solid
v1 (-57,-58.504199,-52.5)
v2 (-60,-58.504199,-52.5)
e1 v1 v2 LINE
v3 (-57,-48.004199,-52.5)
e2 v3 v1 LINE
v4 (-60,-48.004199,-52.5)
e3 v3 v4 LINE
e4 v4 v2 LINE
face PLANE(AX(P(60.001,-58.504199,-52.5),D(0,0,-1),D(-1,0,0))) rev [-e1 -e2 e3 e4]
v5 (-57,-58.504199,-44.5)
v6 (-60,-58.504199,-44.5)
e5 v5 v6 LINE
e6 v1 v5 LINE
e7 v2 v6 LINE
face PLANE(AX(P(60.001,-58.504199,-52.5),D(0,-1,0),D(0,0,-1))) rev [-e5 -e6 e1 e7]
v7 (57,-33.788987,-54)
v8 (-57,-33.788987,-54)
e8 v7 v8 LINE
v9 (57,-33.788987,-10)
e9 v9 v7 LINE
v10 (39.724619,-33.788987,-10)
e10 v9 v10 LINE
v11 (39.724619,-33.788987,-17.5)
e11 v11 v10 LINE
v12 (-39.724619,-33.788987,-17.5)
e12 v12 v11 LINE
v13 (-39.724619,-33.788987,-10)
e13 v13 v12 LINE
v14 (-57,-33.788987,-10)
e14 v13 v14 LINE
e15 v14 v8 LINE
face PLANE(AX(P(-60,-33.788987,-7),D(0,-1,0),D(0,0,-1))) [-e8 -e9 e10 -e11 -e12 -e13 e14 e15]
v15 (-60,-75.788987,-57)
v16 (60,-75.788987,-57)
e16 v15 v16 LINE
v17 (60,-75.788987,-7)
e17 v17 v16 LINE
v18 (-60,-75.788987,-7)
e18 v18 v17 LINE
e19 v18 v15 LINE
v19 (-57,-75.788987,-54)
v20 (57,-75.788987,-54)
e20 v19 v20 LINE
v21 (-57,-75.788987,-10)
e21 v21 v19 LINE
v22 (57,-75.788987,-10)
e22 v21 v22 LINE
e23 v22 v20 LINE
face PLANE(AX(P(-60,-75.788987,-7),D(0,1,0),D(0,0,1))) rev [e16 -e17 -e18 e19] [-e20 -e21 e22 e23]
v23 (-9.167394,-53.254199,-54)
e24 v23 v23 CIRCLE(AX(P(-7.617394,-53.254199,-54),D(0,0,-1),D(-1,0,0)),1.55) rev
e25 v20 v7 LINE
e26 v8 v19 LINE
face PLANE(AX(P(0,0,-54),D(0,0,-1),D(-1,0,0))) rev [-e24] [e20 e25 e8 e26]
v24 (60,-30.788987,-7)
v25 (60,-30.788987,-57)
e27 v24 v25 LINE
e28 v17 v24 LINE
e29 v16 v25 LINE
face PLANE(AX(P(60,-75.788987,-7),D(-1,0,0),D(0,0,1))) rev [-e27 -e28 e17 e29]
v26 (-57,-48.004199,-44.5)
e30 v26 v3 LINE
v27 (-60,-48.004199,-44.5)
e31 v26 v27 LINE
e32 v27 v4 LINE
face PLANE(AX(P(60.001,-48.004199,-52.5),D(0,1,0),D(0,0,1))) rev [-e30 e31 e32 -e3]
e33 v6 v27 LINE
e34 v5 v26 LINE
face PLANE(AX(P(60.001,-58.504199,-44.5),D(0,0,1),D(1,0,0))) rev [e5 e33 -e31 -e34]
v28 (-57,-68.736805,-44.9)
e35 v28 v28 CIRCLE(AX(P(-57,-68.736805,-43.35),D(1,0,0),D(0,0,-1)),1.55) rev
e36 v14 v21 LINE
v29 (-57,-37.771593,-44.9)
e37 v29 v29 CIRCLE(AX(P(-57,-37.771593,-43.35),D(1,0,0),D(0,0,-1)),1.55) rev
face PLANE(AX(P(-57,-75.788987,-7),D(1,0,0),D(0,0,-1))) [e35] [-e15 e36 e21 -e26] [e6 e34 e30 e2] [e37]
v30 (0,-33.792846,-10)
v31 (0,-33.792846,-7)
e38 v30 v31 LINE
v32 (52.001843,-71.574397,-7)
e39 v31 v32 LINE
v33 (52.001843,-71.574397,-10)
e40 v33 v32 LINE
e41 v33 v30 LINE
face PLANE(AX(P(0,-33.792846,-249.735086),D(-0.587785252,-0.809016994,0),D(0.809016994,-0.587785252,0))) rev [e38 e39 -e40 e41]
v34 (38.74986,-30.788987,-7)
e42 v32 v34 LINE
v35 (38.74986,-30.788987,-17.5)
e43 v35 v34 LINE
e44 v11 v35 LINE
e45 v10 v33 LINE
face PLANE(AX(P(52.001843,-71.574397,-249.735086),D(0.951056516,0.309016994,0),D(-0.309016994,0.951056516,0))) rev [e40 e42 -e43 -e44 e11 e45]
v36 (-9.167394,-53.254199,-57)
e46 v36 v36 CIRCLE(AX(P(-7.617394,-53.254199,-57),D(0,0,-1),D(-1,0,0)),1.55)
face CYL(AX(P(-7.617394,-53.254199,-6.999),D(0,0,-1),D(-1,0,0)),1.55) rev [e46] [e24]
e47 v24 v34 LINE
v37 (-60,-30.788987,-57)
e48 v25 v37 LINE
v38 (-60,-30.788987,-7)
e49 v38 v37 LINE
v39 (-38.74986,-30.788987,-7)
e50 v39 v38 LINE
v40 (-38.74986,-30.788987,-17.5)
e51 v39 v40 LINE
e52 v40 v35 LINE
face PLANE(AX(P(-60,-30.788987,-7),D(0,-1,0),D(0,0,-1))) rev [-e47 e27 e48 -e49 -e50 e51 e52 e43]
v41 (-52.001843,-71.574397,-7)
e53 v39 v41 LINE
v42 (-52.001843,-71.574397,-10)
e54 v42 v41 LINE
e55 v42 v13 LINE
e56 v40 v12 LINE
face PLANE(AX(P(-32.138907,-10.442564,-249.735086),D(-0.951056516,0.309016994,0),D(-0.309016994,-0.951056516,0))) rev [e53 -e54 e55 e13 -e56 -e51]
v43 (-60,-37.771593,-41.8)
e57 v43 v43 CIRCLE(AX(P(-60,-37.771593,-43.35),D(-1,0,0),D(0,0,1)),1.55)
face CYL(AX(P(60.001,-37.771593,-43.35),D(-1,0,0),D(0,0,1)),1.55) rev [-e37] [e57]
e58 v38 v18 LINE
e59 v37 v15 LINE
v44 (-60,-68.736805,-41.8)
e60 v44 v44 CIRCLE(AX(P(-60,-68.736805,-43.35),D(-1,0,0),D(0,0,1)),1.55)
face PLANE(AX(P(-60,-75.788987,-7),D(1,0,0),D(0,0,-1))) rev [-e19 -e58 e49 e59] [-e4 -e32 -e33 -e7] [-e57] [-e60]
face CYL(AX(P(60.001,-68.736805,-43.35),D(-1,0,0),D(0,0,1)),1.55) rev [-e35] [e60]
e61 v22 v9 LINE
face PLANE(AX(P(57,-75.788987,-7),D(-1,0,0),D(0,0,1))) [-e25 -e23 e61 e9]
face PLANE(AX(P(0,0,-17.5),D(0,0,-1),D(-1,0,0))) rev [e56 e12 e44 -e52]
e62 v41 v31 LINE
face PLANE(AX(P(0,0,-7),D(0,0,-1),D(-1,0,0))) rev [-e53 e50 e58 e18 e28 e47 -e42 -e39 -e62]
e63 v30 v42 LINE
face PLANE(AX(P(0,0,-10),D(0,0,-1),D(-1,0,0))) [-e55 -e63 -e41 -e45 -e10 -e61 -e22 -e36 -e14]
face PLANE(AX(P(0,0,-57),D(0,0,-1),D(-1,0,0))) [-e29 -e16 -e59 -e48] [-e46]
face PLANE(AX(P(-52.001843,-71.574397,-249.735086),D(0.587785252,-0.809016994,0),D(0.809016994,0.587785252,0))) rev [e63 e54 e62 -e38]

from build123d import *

# Parameters (mm, degrees)
CROQUIS2_W                   = 120
CROQUIS2_H                   = 45
SALIENTE_EXTRUIR1_DEPTH      = 5
SALIENTE_EXTRUIR1_DEPTH_BACK = 45
VACIADO1_T                   = -3
CORTAR_EXTRUIR2_START        = -10.5
CORTAR_EXTRUIR2_DEPTH        = 10.5
CORTAR_EXTRUIR3_REACH        = 122
CROQUIS4_R                   = 1.55
CROQUIS4_W                   = 8
CROQUIS4_H                   = 10.5
CORTAR_EXTRUIR4_REACH        = 52
CROQUIS5_R                   = 1.55


with BuildPart() as part:
    # Croquis2 → Saliente-Extruir1 (new body, two sides)
    with BuildSketch(Plane.XY.offset(-12)) as saliente_extruir1_sk:
        with Locations((0, -53.288987008)):
            Rectangle(CROQUIS2_W, CROQUIS2_H)
    extrude(amount=SALIENTE_EXTRUIR1_DEPTH)
    extrude(saliente_extruir1_sk.sketch, amount=-SALIENTE_EXTRUIR1_DEPTH_BACK)

    # Vaciado1
    vaciado1_openings = [part.faces().sort_by_distance(p)[0] for p in [
        (0, -75.788987008, -32),
    ]]
    offset(amount=VACIADO1_T, openings=vaciado1_openings, kind=Kind.INTERSECTION)

    # Croquis3 → Cortar-Extruir2 (cut)
    with BuildSketch(Plane.XY.offset(-7).offset(CORTAR_EXTRUIR2_START)):
        Polygon((0, 88.470820393), (-19.862936734, 27.338987008), (-84.140750237, 27.338987008), (-32.138906752, -10.442563819), (-52.001843485, -71.574397204), (0, -33.792846378), (52.001843485, -71.574397204), (32.138906752, -10.442563819), (84.140750237, 27.338987008), (19.862936734, 27.338987008), align=None)
    extrude(amount=CORTAR_EXTRUIR2_DEPTH, mode=Mode.SUBTRACT)

    # Croquis4 → Cortar-Extruir3 (cut, up to next)
    with BuildSketch(Plane.ZY.offset(60), mode=Mode.PRIVATE) as cortar_extruir3_sk1:
        with Locations((-43.35, -37.771593165)):
            Circle(CROQUIS4_R)
    cortar_extruir3_tool1 = extrude(cortar_extruir3_sk1.sketch, amount=-CORTAR_EXTRUIR3_REACH, mode=Mode.PRIVATE) & part.part
    add(cortar_extruir3_tool1.solids().sort_by_distance((-60, -37.771593, -43.35))[0], mode=Mode.SUBTRACT)
    # Croquis4 → Cortar-Extruir3 (cut, up to next)
    with BuildSketch(Plane.ZY.offset(60), mode=Mode.PRIVATE) as cortar_extruir3_sk2:
        with Locations((-43.35, -68.73680548)):
            Circle(CROQUIS4_R)
    cortar_extruir3_tool2 = extrude(cortar_extruir3_sk2.sketch, amount=-CORTAR_EXTRUIR3_REACH, mode=Mode.PRIVATE) & part.part
    add(cortar_extruir3_tool2.solids().sort_by_distance((-60, -68.736805, -43.35))[0], mode=Mode.SUBTRACT)
    # Croquis4 → Cortar-Extruir3 (cut, up to next)
    with BuildSketch(Plane.ZY.offset(60), mode=Mode.PRIVATE) as cortar_extruir3_sk3:
        with Locations((-48.5, -53.254199323)):
            Rectangle(CROQUIS4_W, CROQUIS4_H)
    cortar_extruir3_tool3 = extrude(cortar_extruir3_sk3.sketch, amount=-CORTAR_EXTRUIR3_REACH, mode=Mode.PRIVATE) & part.part
    add(cortar_extruir3_tool3.solids().sort_by_distance((-60, -53.254199, -48.5))[0], mode=Mode.SUBTRACT)

    # Croquis5 → Cortar-Extruir4 (cut, up to next)
    with BuildSketch(Plane(origin=(0, 0, -57), x_dir=(-1, 0, 0), z_dir=(0, 0, -1)), mode=Mode.PRIVATE) as cortar_extruir4_sk1:
        with Locations((7.617393842, -53.254199323)):
            Circle(CROQUIS5_R)
    cortar_extruir4_tool1 = extrude(cortar_extruir4_sk1.sketch, amount=-CORTAR_EXTRUIR4_REACH, mode=Mode.PRIVATE) & part.part
    add(cortar_extruir4_tool1.solids().sort_by_distance((-7.617394, -53.254199, -57))[0], mode=Mode.SUBTRACT)


solid = part.part
